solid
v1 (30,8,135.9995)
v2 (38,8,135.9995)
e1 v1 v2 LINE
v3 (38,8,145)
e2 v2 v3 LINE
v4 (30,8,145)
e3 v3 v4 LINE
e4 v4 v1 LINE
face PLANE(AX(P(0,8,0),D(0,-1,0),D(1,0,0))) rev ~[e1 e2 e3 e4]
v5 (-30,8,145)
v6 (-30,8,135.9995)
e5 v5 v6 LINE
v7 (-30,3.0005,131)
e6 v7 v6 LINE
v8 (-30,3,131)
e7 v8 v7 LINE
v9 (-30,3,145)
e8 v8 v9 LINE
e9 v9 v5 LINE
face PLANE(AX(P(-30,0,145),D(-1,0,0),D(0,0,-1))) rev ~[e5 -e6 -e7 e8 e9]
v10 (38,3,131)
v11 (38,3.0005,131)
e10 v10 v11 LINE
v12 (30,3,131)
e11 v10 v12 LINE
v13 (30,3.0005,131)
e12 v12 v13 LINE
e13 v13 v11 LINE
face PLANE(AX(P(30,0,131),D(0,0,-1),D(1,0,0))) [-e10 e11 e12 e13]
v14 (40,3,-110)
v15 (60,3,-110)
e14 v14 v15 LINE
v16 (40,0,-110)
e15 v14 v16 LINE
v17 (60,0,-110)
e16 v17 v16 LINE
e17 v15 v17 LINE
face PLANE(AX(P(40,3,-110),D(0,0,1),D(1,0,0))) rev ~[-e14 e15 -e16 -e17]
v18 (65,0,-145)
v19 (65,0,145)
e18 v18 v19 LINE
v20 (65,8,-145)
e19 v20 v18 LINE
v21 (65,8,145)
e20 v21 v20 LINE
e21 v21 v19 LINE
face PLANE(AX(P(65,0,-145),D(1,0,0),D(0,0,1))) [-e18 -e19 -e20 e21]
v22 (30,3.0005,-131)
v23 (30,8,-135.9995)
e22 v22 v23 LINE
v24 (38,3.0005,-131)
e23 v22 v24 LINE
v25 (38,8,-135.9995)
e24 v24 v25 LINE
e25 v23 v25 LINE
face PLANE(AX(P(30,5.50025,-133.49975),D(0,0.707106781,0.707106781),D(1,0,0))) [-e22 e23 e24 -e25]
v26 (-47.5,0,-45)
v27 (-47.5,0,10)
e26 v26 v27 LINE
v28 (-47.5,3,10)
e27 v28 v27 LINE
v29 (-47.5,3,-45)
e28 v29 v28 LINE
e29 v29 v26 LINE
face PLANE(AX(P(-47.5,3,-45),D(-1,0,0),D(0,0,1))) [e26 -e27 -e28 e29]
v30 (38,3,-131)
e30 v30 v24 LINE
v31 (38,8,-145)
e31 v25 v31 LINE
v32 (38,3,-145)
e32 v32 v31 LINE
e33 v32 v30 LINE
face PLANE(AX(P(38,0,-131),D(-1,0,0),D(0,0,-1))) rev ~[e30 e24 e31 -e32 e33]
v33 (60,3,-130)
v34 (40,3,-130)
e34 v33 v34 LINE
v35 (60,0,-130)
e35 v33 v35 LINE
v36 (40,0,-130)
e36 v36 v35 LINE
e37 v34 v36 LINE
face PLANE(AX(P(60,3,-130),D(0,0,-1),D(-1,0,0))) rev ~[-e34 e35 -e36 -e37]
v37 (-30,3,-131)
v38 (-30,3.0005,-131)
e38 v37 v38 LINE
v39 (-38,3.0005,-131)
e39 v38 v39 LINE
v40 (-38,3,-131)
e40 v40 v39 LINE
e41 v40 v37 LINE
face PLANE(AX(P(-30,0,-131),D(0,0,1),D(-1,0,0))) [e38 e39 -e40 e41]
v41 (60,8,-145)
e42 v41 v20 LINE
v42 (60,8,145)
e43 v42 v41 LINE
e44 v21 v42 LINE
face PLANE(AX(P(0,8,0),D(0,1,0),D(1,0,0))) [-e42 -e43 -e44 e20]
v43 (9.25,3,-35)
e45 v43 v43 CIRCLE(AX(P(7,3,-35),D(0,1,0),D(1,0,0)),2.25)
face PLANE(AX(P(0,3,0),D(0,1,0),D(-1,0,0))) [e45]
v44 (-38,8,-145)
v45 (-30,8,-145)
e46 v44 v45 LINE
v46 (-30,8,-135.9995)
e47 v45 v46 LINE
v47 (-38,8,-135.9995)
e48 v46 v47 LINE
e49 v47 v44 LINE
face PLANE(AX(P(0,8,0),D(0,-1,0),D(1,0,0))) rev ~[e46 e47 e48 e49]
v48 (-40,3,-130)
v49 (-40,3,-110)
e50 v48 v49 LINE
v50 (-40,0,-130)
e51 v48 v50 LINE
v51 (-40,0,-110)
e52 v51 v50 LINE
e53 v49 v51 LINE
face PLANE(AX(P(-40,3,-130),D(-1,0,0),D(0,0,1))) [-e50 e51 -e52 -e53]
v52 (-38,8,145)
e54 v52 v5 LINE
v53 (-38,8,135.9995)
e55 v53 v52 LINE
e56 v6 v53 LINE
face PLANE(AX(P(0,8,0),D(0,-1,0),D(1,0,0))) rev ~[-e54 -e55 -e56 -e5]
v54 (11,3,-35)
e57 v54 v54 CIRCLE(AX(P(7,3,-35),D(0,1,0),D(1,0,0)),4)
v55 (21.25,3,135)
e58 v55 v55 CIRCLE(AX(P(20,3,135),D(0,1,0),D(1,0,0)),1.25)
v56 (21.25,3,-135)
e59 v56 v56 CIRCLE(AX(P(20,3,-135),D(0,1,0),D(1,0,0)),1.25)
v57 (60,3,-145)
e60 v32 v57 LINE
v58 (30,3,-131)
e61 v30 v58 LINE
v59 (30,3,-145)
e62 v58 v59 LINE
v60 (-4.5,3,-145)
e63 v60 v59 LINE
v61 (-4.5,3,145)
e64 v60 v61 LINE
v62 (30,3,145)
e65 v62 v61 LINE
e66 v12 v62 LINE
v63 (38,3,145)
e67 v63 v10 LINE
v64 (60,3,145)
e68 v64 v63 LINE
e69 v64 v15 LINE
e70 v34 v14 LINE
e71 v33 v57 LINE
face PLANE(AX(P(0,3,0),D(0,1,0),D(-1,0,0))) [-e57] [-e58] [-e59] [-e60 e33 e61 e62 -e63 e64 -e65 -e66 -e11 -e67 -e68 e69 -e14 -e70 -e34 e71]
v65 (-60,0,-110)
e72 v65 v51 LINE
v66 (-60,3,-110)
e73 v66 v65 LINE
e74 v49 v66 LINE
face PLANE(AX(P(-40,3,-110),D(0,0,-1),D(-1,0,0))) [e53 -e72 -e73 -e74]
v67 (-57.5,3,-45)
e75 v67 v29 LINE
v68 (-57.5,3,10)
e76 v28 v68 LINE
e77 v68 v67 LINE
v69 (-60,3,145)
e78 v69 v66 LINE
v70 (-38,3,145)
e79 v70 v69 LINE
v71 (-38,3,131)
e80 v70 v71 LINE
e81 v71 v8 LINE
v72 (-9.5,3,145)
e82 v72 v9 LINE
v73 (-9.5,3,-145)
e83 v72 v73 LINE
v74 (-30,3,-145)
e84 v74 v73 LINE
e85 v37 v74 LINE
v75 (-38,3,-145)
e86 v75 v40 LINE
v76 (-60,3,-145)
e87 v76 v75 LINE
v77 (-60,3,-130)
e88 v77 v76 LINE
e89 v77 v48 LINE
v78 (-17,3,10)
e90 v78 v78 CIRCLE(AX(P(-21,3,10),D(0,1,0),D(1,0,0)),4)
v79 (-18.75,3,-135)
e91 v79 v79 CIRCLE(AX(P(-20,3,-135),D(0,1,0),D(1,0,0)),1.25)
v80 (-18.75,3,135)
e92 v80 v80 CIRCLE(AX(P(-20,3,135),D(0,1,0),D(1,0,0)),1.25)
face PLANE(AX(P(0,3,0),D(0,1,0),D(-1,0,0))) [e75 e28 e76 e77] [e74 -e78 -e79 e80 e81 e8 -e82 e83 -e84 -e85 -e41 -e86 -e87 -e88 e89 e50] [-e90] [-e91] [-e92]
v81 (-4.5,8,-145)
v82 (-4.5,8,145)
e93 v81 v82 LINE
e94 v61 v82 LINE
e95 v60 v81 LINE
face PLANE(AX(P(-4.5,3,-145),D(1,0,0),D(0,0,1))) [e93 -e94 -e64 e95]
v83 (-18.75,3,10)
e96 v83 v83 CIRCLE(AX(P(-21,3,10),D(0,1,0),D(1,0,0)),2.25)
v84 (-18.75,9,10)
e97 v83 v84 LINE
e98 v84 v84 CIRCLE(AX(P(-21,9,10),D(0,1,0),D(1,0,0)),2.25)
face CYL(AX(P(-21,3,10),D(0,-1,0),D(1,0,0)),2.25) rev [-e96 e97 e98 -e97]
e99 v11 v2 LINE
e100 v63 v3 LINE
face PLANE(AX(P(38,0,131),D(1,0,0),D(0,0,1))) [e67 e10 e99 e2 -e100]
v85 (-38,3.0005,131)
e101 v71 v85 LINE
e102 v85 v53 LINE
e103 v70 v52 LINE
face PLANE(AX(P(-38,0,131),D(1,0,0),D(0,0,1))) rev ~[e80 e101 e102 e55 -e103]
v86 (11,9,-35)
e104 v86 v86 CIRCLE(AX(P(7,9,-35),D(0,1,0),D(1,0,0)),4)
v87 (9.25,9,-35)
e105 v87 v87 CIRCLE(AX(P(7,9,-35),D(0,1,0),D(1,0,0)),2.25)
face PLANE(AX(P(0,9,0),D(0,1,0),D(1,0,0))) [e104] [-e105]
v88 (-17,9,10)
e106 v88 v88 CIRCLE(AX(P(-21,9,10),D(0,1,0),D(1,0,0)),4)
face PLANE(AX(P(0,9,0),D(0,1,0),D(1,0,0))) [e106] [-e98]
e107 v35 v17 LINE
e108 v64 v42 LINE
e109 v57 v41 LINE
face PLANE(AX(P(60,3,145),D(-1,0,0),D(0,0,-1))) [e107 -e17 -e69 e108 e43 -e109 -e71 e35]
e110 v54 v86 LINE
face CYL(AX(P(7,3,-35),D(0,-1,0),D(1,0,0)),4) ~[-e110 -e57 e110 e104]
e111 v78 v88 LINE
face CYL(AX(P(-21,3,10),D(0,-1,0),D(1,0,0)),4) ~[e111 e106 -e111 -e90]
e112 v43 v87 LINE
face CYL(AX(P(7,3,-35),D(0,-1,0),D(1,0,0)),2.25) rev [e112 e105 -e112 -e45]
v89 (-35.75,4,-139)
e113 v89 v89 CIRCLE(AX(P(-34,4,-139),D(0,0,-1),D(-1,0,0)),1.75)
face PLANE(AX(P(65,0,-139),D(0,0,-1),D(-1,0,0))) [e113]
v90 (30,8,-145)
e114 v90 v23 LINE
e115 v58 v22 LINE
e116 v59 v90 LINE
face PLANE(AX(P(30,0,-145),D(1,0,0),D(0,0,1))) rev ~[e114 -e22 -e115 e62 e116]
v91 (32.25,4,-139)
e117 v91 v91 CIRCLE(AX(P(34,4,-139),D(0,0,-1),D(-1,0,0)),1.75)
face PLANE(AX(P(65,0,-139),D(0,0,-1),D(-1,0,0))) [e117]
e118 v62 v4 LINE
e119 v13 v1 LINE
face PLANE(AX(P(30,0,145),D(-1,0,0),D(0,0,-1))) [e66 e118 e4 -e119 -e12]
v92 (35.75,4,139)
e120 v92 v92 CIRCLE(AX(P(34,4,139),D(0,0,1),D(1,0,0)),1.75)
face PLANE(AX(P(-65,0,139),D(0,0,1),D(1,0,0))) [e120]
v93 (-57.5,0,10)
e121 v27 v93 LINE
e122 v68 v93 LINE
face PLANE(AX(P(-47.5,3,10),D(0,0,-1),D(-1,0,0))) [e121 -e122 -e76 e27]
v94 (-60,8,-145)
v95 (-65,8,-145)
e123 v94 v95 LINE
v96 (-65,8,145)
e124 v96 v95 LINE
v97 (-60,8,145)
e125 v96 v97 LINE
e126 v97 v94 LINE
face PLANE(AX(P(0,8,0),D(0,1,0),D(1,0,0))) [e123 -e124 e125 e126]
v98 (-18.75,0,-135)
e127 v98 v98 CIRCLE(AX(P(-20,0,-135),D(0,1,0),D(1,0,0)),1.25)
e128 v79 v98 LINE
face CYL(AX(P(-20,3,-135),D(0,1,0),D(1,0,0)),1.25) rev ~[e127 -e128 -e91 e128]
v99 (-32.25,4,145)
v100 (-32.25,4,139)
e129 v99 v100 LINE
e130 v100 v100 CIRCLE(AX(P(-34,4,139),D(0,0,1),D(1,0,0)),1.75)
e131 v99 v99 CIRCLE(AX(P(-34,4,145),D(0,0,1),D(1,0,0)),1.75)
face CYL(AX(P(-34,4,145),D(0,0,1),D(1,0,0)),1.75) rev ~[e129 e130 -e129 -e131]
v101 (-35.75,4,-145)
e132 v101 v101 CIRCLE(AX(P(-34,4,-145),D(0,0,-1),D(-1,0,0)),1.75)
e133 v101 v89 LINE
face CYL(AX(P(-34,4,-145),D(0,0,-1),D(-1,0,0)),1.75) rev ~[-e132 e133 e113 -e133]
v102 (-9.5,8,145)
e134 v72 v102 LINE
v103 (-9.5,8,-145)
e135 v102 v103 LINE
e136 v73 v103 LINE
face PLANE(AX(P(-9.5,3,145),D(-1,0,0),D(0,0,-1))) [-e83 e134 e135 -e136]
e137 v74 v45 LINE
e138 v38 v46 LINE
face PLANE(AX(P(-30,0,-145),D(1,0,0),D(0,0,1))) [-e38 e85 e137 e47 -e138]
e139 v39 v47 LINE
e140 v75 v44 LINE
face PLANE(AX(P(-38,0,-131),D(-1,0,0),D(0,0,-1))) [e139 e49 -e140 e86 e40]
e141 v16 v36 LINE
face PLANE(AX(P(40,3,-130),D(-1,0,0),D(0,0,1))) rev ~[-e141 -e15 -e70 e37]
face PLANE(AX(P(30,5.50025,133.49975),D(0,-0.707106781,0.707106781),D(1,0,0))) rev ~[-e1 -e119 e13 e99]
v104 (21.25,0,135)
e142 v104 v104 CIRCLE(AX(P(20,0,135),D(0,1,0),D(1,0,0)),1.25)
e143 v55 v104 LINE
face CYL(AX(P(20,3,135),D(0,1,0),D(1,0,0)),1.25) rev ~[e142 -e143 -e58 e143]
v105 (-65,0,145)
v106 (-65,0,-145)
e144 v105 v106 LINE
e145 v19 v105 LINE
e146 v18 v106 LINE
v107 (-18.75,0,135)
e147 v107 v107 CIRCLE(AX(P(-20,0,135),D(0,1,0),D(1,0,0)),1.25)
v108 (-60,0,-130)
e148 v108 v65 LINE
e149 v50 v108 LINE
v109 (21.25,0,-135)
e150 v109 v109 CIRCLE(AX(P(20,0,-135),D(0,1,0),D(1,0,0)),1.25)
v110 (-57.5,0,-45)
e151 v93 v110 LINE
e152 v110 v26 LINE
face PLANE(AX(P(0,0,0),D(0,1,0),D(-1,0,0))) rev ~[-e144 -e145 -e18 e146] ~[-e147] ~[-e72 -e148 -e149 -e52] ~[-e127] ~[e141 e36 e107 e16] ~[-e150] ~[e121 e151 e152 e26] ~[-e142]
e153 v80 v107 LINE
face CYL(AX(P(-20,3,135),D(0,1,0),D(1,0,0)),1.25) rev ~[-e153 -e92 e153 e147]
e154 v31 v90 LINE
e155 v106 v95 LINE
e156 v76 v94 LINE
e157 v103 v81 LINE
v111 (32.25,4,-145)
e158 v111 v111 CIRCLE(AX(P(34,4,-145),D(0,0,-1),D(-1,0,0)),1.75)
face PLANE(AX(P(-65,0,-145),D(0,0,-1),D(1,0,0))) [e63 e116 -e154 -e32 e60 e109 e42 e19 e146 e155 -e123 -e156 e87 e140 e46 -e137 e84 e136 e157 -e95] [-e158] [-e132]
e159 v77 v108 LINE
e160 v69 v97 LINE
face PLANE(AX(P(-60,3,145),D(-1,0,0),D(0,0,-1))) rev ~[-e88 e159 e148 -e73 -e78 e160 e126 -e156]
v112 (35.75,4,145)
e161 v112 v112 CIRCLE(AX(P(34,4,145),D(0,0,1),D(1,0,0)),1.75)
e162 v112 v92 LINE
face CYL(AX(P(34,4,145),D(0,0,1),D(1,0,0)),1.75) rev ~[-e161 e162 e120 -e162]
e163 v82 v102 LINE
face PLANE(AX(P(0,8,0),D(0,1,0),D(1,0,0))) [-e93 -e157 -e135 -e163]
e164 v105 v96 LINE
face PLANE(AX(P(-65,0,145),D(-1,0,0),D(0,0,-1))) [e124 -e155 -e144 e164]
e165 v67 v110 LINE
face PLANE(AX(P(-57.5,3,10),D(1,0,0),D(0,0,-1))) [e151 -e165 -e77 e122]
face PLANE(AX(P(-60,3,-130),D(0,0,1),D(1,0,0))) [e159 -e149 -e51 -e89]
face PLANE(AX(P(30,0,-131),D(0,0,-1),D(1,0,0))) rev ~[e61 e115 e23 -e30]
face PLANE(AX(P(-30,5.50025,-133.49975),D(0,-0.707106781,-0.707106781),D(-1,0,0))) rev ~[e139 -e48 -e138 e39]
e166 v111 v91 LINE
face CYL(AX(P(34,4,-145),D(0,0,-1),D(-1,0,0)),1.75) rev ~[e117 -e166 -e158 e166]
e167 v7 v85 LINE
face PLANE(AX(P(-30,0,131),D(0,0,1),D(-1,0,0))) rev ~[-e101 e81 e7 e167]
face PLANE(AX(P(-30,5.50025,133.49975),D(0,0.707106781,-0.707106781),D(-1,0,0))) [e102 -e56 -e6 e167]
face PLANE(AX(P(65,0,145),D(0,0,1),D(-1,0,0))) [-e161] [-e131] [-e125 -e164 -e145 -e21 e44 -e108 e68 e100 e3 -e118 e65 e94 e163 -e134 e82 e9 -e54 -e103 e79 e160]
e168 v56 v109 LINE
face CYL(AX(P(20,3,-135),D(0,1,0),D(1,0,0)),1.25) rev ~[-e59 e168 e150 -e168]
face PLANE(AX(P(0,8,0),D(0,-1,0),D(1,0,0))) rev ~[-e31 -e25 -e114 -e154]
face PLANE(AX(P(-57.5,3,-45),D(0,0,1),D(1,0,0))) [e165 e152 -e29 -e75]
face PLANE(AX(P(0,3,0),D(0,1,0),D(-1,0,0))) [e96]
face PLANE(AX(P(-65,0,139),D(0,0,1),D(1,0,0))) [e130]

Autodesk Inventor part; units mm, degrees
ref_plane "YZ Plane" through (0, 0, 0) normal (1, 0, 0) x (0, 1, 0)
ref_plane "XZ Plane" through (0, 0, 0) normal (0, 1, 0) x (-1, 0, 0)
ref_plane "XY Plane" through (0, 0, 0) normal (0, 0, 1) x (1, 0, 0)
sketch "Sketch1" plane through (0, 0, 0) normal (0, 1, 0) x (-1, 0, 0)
  line L0 (65, -145) -> (-65, -145)
  line L1 (-65, -145) -> (-65, 145)
  line L2 (-65, 145) -> (65, 145)
  line L3 (65, 145) -> (65, -145)
  line L4 (65, 0) -> (-65, 0) construction
  line L5 (0, -145) -> (0, 145) construction
  point P0 (0, 0)
  point P1 (0, 0)
  dimension "d0" = 130
  dimension "d1" = 290
extrude "Extrusion1" add sketch "Sketch1" along normal blind 3
sketch "Sketch2" plane through (0, 0, 0) normal (0, -1, 0) x (1, 0, 0)
  line L0 (65, -145) -> (-65, -145) construction
  line L1 (0, -145) -> (0, 145) construction
  line L2 (-65, 145) -> (65, 145) construction
  line L3 (65, 145) -> (65, -145) construction
  line L4 (65, 0) -> (-65, 0) construction
  line L5 (-65, -145) -> (-65, 145) construction
  line L6 (-38, -145) -> (-30, -145)
  line L7 (-30, -145) -> (-30, -131)
  line L8 (-30, -131) -> (-38, -131)
  line L9 (-38, -131) -> (-38, -145)
  line L10 (38, -145) -> (30, -145)
  line L11 (30, -145) -> (30, -131)
  line L12 (30, -131) -> (38, -131)
  line L13 (38, -131) -> (38, -145)
  line L14 (-38, 145) -> (-30, 145)
  line L15 (-30, 145) -> (-30, 131)
  line L16 (-30, 131) -> (-38, 131)
  line L17 (-38, 131) -> (-38, 145)
  line L18 (30, 145) -> (30, 131)
  line L19 (38, 131) -> (38, 145)
  line L20 (30, 131) -> (38, 131)
  line L21 (38, 145) -> (30, 145)
  point P0 (0, 0)
  dimension "d4" = 8
  dimension "d5" = 14
  dimension "d6" = 30
extrude "Extrusion2" add sketch "Sketch2" against normal blind 8
chamfer "Chamfer1" distance 5 angle 45 4 edges at (-34, 8, 131) (34, 8, 131) (-34, 8, -131) (34, 8, -131)
sketch "Sketch3" plane through (65, 0, -145) normal (0, 0, -1) x (-1, 0, 0)
  line L0 (65, 0) -> (65, 3) construction
  line L1 (35, 3) -> (95, 3) construction
  circle A0 centre (31, 4) radius 1.75
  line L2 (27, 8) -> (35, 8) projected
  line L3 (35, 3) -> (35, 8) projected
  circle A1 centre (99, 4) radius 1.75
  dimension "d12" = 3.5
  dimension "d13" = 4
  dimension "d14" = 4
extrude "Extrusion3" cut sketch "Sketch3" against normal blind 6
sketch "Sketch4" plane through (-65, 0, 145) normal (0, 0, 1) x (1, 0, 0)
  circle A0 centre (99, 4) radius 1.75 projected
  circle A1 centre (31, 4) radius 1.75 projected
  point P0 (65, 0)
extrude "Extrusion4" cut sketch "Sketch4" against normal blind 6
sketch "Sketch5" plane through (0, 3, 0) normal (0, 1, 0) x (1, 0, 0)
  line L0 (-60, 130) -> (-40, 130)
  line L1 (-40, 130) -> (-40, 110)
  line L2 (-40, 110) -> (-60, 110)
  line L3 (-60, 110) -> (-60, 130)
  line L4 (-38, 145) -> (-65, 145) projected
  line L5 (-65, 145) -> (-65, -145) projected
  line L6 (-65, 145) -> (65, 145) construction
  line L7 (0, 145) -> (0, -145) construction
  line L8 (-30, -145) -> (30, -145) construction
  line L9 (60, 130) -> (40, 130)
  line L10 (40, 130) -> (40, 110)
  line L11 (40, 110) -> (60, 110)
  line L12 (60, 110) -> (60, 130)
  point P0 (0, 0)
  dimension "d19" = 20
  dimension "d20" = 20
  dimension "d21" = 15
  dimension "d22" = 5
extrude "Extrusion5" cut sketch "Sketch5" against normal up to next
sketch "Sketch7" plane through (0, 3, 0) normal (0, 1, 0) x (1, 0, 0)
  line L0 (44, -14) -> (-25, -14) construction
  line L1 (-25, -14) -> (-25, 70) construction
  line L2 (-25, 70) -> (44, 70) construction
  line L3 (44, 70) -> (44, -14) construction
  line L4 (9.5, -14) -> (9.5, 70) construction
  line L5 (44, 28) -> (-25, 28) construction
  line L6 (-65, 145) -> (-65, -145) construction
  circle A0 centre (-21, -10) radius 4
  circle A1 centre (-21, -10) radius 2.25
  circle A2 centre (7, 35) radius 4
  circle A3 centre (7, 35) radius 2.25
  point P0 (0, 0)
  point P1 (40, 110)
  dimension "d39" = 69
  dimension "d40" = 84
  dimension "d41" = 40
  dimension "d42" = 40
  dimension "d43" = 8
  dimension "d44" = 4
  dimension "d45" = 4
  dimension "d46" = 4.5
  dimension "d49" = 8
  dimension "d50" = 49
  dimension "d51" = 32
  dimension "d52" = 4.5
extrude "Extrusion7" add sketch "Sketch7" along normal blind 6
sketch "Sketch8" plane through (0, 3, 0) normal (0, 1, 0) x (1, 0, 0)
  line L0 (-57.5, 45) -> (-47.5, 45)
  line L1 (-47.5, 45) -> (-47.5, -10)
  line L2 (-47.5, -10) -> (-57.5, -10)
  line L3 (-57.5, -10) -> (-57.5, 45)
  line L4 (-38, 145) -> (-65, 145) projected
  line L5 (-65, 145) -> (-65, -145) projected
  point P0 (0, 0)
  dimension "d53" = 10
  dimension "d54" = 100
  dimension "d55" = 55
  dimension "d56" = 7.5
extrude "Extrusion8" cut sketch "Sketch8" against normal blind 6
sketch "Sketch9" plane through (0, 3, 0) normal (0, 1, 0) x (1, 0, 0)
  line L0 (65, -145) -> (-65, -145) construction
  line L1 (0, -145) -> (0, 145) construction
  line L2 (-65, 145) -> (65, 145) construction
  line L3 (65, 145) -> (65, -145) construction
  line L4 (65, 0) -> (-65, 0) construction
  line L5 (-65, -145) -> (-65, 145) construction
  line L6 (30, 145) -> (30, 131) construction
  line L7 (30, 135) -> (-30, 135) construction
  line L8 (-30, 131) -> (-30, 145) construction
  circle A0 centre (20, 135) radius 1.25
  circle A1 centre (-20, 135) radius 1.25
  circle A2 centre (20, -135) radius 1.25
  circle A3 centre (-20, -135) radius 1.25
  point P0 (0, 0)
  point P1 (30, 136)
  point P2 (-30, 136)
  dimension "d60" = 10
  dimension "d61" = 2.5
  dimension "d62" = 40
extrude "Extrusion9" cut sketch "Sketch9" against normal blind 10
sketch "Sketch10" plane through (0, 3, 0) normal (0, 1, 0) x (1, 0, 0)
  line L0 (65, -145) -> (-65, -145) construction
  line L1 (0, -145) -> (0, 145) construction
  line L2 (-65, 145) -> (65, 145) construction
  line L3 (-65, -145) -> (-65, 145) projected
  line L4 (-65, -145) -> (-60, -145)
  line L5 (-60, -145) -> (-60, 145)
  line L6 (-60, 145) -> (-65, 145)
  line L7 (-65, 145) -> (-65, -145)
  line L8 (65, -145) -> (65, 145)
  line L9 (65, -145) -> (60, -145)
  line L10 (60, -145) -> (60, 145)
  line L11 (60, 145) -> (65, 145)
  line L12 (65, 145) -> (65, -145)
  point P0 (0, 0)
  dimension "d65" = 5
extrude "Extrusion10" add sketch "Sketch10" along normal blind 5
sketch "Sketch11" plane through (0, 3, 0) normal (0, 1, 0) x (1, 0, 0)
  line L0 (65, -145) -> (-65, -145) projected
  line L1 (-65, 145) -> (65, 145) projected
  line L2 (-4.5, -145) -> (-9.5, -145)
  line L3 (-9.5, -145) -> (-9.5, 145)
  line L4 (-9.5, 145) -> (-4.5, 145)
  line L5 (-4.5, 145) -> (-4.5, -145)
  circle A0 centre (-21, -10) radius 4 projected
  point P0 (0, 0)
  dimension "d68" = 5
  dimension "d69" = 11.5
extrude "Extrusion11" add sketch "Sketch11" along normal blind 5 contours L0 L3 L1 L5
properties part number "electronics_board_tray"
